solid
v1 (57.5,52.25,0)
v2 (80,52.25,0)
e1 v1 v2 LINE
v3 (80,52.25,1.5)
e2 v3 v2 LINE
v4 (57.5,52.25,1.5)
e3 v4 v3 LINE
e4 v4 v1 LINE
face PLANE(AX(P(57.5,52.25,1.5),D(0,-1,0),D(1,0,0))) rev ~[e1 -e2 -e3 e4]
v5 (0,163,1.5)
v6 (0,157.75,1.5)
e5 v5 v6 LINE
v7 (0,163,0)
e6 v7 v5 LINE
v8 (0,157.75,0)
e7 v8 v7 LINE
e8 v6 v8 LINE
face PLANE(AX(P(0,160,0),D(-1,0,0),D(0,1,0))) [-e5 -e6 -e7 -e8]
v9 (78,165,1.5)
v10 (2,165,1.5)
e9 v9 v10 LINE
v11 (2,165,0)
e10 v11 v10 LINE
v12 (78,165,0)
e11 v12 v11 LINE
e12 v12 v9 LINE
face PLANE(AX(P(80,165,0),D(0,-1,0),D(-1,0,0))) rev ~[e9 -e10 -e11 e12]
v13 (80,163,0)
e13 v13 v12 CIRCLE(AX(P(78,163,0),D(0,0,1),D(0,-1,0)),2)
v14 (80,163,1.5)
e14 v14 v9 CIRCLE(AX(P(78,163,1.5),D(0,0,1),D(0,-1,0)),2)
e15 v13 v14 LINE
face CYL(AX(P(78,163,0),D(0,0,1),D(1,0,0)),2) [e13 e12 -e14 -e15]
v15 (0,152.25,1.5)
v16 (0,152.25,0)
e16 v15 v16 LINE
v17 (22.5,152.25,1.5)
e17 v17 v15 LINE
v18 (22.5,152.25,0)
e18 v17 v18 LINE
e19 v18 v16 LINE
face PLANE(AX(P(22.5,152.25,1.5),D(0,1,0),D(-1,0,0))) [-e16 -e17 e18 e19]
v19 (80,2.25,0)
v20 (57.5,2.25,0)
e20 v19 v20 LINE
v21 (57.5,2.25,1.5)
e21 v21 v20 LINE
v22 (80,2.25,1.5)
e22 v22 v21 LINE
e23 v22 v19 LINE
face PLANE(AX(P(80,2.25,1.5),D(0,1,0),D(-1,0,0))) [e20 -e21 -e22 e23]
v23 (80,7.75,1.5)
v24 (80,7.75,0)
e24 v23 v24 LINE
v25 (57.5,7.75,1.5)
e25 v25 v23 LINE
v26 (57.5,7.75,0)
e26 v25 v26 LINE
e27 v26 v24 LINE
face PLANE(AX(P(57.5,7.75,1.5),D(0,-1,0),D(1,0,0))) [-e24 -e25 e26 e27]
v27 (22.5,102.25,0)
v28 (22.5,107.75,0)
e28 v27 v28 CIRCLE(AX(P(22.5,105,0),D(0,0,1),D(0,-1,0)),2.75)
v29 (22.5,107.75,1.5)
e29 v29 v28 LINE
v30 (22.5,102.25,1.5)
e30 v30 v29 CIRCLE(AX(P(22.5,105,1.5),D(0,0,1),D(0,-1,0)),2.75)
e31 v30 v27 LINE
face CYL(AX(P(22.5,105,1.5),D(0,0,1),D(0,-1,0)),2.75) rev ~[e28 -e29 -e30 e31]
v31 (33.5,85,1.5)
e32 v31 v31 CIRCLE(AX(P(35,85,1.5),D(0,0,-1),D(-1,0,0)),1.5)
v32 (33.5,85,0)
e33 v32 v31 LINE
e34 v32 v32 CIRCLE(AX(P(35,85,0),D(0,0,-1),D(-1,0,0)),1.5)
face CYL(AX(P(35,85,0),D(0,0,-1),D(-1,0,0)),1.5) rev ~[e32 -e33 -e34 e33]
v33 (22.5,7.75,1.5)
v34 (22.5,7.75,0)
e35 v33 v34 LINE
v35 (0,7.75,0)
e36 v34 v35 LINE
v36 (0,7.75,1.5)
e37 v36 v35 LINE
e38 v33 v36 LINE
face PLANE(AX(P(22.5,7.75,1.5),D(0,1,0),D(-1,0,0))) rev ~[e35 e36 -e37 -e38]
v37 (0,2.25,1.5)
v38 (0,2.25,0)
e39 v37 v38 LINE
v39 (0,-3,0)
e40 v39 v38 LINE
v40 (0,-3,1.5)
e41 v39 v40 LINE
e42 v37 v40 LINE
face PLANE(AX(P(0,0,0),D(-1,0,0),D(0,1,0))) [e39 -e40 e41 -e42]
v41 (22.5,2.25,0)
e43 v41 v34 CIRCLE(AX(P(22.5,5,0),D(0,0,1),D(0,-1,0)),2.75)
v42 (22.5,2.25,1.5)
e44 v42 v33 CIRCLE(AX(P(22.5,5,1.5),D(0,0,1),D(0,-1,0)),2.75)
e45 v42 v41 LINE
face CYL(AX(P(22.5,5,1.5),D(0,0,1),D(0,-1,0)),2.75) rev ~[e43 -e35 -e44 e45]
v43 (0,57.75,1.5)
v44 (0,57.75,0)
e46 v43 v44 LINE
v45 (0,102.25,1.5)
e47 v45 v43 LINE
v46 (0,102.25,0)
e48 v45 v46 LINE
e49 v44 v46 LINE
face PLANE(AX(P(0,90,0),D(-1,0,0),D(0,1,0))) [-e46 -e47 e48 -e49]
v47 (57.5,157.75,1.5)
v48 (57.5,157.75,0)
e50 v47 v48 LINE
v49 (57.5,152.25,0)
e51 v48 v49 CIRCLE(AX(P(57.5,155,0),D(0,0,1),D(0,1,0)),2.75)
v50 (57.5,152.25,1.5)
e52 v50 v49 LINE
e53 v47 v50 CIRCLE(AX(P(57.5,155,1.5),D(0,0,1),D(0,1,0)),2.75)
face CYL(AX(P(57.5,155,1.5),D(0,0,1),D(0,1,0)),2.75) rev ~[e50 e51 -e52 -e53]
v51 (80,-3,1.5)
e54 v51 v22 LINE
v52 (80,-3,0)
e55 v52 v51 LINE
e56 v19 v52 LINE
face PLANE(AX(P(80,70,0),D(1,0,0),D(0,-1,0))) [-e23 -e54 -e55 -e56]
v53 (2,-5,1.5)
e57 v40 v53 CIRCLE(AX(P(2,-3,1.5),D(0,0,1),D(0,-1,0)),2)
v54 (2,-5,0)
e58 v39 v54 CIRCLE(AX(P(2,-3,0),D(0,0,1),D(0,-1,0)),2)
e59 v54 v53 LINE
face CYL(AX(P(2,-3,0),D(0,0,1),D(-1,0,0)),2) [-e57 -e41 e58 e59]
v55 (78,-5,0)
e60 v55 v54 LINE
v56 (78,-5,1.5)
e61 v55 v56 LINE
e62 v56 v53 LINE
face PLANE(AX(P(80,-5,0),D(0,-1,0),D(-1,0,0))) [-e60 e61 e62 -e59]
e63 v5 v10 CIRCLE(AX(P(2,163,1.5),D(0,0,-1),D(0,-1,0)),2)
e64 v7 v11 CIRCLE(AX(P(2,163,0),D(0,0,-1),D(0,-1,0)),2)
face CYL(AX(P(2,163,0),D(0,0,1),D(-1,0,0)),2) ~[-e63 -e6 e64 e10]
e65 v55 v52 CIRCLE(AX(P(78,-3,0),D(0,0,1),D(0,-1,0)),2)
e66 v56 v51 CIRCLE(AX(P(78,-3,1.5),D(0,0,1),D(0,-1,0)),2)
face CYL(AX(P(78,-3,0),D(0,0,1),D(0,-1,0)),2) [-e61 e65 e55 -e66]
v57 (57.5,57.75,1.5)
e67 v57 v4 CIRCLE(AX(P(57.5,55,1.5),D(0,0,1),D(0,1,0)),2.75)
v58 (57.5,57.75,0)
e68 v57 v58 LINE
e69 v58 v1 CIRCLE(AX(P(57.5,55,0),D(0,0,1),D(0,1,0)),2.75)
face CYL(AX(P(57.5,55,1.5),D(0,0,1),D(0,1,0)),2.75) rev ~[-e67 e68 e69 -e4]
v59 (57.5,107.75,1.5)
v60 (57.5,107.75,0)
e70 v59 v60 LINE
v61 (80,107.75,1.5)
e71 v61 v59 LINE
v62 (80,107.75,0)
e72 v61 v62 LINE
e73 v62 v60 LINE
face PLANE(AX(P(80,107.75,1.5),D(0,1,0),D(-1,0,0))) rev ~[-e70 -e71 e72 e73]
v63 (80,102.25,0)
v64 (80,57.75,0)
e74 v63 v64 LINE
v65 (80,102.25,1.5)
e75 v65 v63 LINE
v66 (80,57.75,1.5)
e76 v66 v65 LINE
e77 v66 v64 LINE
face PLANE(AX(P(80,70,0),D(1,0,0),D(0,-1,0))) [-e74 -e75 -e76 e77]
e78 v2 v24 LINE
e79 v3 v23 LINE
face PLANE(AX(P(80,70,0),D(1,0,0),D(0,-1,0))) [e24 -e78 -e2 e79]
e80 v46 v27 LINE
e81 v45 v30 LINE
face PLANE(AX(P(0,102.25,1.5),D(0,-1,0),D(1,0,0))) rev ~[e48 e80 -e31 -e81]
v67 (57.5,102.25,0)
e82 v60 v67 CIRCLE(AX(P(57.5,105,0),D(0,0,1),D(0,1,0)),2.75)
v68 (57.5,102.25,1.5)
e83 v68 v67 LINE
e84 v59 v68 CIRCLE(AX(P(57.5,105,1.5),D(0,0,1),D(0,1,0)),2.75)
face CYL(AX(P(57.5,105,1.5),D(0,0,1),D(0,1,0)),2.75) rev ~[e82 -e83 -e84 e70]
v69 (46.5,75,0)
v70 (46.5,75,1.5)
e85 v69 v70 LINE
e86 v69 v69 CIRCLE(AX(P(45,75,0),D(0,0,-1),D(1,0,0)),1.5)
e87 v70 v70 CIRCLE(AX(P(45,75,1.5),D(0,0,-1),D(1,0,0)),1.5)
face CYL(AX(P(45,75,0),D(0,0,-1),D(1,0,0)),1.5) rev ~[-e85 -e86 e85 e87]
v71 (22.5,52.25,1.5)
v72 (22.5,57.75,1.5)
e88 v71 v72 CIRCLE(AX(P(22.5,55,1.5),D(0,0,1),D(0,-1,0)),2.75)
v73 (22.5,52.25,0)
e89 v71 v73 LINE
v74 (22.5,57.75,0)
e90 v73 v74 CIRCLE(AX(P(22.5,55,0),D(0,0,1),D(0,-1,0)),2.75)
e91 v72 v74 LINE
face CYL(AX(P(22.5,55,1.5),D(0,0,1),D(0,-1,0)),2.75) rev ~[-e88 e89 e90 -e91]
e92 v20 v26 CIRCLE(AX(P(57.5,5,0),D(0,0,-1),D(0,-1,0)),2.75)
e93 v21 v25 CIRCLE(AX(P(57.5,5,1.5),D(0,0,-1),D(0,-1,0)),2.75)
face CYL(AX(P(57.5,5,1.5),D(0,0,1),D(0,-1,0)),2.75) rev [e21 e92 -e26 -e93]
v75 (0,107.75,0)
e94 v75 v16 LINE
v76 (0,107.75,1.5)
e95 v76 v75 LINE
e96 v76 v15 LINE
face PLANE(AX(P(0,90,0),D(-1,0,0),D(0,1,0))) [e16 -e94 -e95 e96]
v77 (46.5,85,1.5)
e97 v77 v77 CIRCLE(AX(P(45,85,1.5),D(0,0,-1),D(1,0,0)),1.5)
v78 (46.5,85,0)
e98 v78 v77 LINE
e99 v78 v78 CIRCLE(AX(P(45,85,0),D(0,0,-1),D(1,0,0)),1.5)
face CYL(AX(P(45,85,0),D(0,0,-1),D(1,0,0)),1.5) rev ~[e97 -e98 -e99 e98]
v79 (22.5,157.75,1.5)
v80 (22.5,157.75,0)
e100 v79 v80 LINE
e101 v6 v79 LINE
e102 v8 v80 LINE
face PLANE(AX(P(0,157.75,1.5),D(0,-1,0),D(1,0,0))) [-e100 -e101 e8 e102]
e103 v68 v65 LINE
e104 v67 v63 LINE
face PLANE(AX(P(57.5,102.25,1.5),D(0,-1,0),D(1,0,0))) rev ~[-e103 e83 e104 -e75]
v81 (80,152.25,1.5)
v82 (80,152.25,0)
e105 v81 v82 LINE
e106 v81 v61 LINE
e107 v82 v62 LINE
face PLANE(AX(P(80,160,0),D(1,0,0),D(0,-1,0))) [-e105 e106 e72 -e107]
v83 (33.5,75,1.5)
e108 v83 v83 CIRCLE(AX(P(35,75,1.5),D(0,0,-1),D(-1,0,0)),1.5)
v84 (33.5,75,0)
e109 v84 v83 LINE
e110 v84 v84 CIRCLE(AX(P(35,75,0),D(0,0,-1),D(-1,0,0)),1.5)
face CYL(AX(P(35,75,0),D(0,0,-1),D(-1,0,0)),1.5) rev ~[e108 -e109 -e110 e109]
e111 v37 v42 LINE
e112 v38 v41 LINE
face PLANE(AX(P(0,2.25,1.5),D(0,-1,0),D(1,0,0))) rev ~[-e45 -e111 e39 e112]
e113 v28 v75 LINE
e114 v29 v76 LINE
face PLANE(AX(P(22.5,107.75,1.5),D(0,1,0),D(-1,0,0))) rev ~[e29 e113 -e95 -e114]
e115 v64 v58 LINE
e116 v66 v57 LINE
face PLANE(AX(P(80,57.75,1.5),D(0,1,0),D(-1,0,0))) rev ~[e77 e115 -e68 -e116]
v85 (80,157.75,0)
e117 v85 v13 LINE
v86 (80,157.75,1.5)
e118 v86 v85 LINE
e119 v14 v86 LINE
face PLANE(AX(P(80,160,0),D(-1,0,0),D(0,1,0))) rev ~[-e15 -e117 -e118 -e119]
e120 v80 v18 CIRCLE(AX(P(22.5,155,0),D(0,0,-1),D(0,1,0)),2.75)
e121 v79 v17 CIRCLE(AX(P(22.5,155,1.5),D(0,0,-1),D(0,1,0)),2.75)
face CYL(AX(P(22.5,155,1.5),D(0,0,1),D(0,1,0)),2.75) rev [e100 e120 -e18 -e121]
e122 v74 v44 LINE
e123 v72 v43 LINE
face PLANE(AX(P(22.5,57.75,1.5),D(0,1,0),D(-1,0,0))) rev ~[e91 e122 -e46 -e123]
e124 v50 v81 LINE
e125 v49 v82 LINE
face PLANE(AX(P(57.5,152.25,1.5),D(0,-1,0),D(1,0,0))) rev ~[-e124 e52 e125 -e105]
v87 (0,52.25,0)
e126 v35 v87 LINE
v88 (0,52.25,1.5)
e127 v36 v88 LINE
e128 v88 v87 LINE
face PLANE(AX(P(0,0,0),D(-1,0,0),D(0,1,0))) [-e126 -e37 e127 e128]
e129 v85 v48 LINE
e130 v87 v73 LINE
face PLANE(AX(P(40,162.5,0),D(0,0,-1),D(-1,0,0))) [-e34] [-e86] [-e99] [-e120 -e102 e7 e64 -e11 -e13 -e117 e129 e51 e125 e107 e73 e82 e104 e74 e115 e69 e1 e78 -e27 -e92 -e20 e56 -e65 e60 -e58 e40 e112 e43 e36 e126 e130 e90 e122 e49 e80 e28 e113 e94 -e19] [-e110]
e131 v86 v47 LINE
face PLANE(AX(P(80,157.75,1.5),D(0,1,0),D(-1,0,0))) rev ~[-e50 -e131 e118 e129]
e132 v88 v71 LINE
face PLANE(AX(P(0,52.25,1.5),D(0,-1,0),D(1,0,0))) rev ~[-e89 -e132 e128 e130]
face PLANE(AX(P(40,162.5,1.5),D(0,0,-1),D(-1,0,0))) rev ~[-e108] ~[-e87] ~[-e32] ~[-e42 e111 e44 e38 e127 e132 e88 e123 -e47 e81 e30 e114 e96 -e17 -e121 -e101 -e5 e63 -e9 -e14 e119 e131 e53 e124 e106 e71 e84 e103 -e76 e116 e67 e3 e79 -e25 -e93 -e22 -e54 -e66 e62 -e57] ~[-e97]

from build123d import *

# Parameters (mm, degrees)
EXTRUDE_1_DEPTH      = 1.5
CUT_EXTRUDE_1_DEPTH  = 1.5
SKETCH_3_R           = 2
CUT_EXTRUDE_2_DEPTH  = 1.5
SKETCH_4_W           = 80
SKETCH_4_H           = 5
EXTRUDE_2_DEPTH      = 1.5
FILLET_1_R           = 2
SKETCH_5_OUTSIDE_W   = 163.618
SKETCH_5_OUTSIDE_H   = 213.618
SKETCH_5_OUTSIDE_W_2 = 80
SKETCH_5_OUTSIDE_H_2 = 170
CUT_EXTRUDE_3_DEPTH  = 193.943644622
SKETCH_6_R           = 1.5
CUT_EXTRUDE_4_DEPTH  = 184.377343202


with BuildPart() as part:
    # 草图1 → 凸台-拉伸1 (new body)
    with BuildSketch(Plane.XY):
        Polygon((80, 90), (100, 90), (100, 70), (80, 70), (80, 0), (0, 0), (0, 70), (-20, 70), (-20, 90), (0, 90), (0, 160), (80, 160), align=None)
    extrude(amount=EXTRUDE_1_DEPTH)

    # 草图2 → 切除-拉伸1 (cut)
    with BuildSketch(Plane.XY.offset(1.5)):
        with BuildLine():
            Line((57.5, 152.25), (80, 152.25))
            Line((80, 152.25), (80, 157.75))
            Line((80, 157.75), (57.5, 157.75))
            ThreePointArc((57.5, 157.75), (54.75, 155), (57.5, 152.25))
        make_face()
        with BuildLine():
            Line((22.5, 152.25), (0, 152.25))
            Line((0, 152.25), (0, 157.75))
            Line((0, 157.75), (22.5, 157.75))
            ThreePointArc((22.5, 157.75), (25.25, 155), (22.5, 152.25))
        make_face()
        with BuildLine():
            Line((57.5, 102.25), (80, 102.25))
            Line((80, 102.25), (80, 107.75))
            Line((80, 107.75), (57.5, 107.75))
            ThreePointArc((57.5, 107.75), (54.75, 105), (57.5, 102.25))
        make_face()
        with BuildLine():
            Line((22.5, 107.75), (0, 107.75))
            Line((0, 107.75), (0, 102.25))
            Line((0, 102.25), (22.5, 102.25))
            ThreePointArc((22.5, 102.25), (25.25, 105), (22.5, 107.75))
        make_face()
        with BuildLine():
            Line((22.5, 57.75), (0, 57.75))
            Line((0, 57.75), (0, 52.25))
            Line((0, 52.25), (22.5, 52.25))
            ThreePointArc((22.5, 52.25), (25.25, 55), (22.5, 57.75))
        make_face()
        with BuildLine():
            Line((57.5, 52.25), (80, 52.25))
            Line((80, 52.25), (80, 57.75))
            Line((80, 57.75), (57.5, 57.75))
            ThreePointArc((57.5, 57.75), (54.75, 55), (57.5, 52.25))
        make_face()
        with BuildLine():
            Line((22.5, 7.75), (0, 7.75))
            Line((0, 7.75), (0, 2.25))
            Line((0, 2.25), (22.5, 2.25))
            ThreePointArc((22.5, 2.25), (25.25, 5), (22.5, 7.75))
        make_face()
        with BuildLine():
            Line((57.5, 7.75), (80, 7.75))
            Line((80, 7.75), (80, 2.25))
            Line((80, 2.25), (57.5, 2.25))
            ThreePointArc((57.5, 2.25), (54.75, 5), (57.5, 7.75))
        make_face()
    extrude(amount=-CUT_EXTRUDE_1_DEPTH, mode=Mode.SUBTRACT)

    # 草图3 → 切除-拉伸2 (cut)
    with BuildSketch(Plane.XY.offset(1.5)):
        with Locations((90, 80)):
            Circle(SKETCH_3_R)
        with Locations((-10, 80)):
            Circle(SKETCH_3_R)
    extrude(amount=-CUT_EXTRUDE_2_DEPTH, mode=Mode.SUBTRACT)

    # 草图4 → 凸台-拉伸2 (add)
    with BuildSketch(Plane(origin=(0, 0, 0), x_dir=(-1, 0, 0), z_dir=(0, 0, -1))):
        with Locations((-40, 162.5)):
            Rectangle(SKETCH_4_W, SKETCH_4_H)
        with Locations((-40, -2.5)):
            Rectangle(SKETCH_4_W, SKETCH_4_H)
    extrude(amount=-EXTRUDE_2_DEPTH)

    # 圆角1
    fillet_1_edges = [part.edges().sort_by_distance(p)[0] for p in [
        (0, 165, 0.75),
        (80, 165, 0.75),
        (0, -5, 0.75),
        (80, -5, 0.75),
    ]]
    fillet(fillet_1_edges, radius=FILLET_1_R)

    # 草图5 outside → 切除-拉伸3 (cut, through all)
    with BuildSketch(Plane.XY.offset(1.5)):
        with Locations((40, 80)):
            Rectangle(SKETCH_5_OUTSIDE_W, SKETCH_5_OUTSIDE_H)
        with Locations((40, 80)):
            Rectangle(SKETCH_5_OUTSIDE_W_2, SKETCH_5_OUTSIDE_H_2, mode=Mode.SUBTRACT)
    extrude(amount=-CUT_EXTRUDE_3_DEPTH, mode=Mode.SUBTRACT)

    # 草图6 → 切除-拉伸4 (cut, through all)
    with BuildSketch(Plane(origin=(0, 0, 0), x_dir=(-1, 0, 0), z_dir=(0, 0, -1))):
        with Locations((-35, 85)):
            Circle(SKETCH_6_R)
        with Locations((-35, 75)):
            Circle(SKETCH_6_R)
        with Locations(Location((-45, 75, 0), (0, 0, 180))):
            Circle(SKETCH_6_R)
        with Locations(Location((-45, 85, 0), (0, 0, 180))):
            Circle(SKETCH_6_R)
    extrude(amount=-CUT_EXTRUDE_4_DEPTH, mode=Mode.SUBTRACT)


solid = part.part
